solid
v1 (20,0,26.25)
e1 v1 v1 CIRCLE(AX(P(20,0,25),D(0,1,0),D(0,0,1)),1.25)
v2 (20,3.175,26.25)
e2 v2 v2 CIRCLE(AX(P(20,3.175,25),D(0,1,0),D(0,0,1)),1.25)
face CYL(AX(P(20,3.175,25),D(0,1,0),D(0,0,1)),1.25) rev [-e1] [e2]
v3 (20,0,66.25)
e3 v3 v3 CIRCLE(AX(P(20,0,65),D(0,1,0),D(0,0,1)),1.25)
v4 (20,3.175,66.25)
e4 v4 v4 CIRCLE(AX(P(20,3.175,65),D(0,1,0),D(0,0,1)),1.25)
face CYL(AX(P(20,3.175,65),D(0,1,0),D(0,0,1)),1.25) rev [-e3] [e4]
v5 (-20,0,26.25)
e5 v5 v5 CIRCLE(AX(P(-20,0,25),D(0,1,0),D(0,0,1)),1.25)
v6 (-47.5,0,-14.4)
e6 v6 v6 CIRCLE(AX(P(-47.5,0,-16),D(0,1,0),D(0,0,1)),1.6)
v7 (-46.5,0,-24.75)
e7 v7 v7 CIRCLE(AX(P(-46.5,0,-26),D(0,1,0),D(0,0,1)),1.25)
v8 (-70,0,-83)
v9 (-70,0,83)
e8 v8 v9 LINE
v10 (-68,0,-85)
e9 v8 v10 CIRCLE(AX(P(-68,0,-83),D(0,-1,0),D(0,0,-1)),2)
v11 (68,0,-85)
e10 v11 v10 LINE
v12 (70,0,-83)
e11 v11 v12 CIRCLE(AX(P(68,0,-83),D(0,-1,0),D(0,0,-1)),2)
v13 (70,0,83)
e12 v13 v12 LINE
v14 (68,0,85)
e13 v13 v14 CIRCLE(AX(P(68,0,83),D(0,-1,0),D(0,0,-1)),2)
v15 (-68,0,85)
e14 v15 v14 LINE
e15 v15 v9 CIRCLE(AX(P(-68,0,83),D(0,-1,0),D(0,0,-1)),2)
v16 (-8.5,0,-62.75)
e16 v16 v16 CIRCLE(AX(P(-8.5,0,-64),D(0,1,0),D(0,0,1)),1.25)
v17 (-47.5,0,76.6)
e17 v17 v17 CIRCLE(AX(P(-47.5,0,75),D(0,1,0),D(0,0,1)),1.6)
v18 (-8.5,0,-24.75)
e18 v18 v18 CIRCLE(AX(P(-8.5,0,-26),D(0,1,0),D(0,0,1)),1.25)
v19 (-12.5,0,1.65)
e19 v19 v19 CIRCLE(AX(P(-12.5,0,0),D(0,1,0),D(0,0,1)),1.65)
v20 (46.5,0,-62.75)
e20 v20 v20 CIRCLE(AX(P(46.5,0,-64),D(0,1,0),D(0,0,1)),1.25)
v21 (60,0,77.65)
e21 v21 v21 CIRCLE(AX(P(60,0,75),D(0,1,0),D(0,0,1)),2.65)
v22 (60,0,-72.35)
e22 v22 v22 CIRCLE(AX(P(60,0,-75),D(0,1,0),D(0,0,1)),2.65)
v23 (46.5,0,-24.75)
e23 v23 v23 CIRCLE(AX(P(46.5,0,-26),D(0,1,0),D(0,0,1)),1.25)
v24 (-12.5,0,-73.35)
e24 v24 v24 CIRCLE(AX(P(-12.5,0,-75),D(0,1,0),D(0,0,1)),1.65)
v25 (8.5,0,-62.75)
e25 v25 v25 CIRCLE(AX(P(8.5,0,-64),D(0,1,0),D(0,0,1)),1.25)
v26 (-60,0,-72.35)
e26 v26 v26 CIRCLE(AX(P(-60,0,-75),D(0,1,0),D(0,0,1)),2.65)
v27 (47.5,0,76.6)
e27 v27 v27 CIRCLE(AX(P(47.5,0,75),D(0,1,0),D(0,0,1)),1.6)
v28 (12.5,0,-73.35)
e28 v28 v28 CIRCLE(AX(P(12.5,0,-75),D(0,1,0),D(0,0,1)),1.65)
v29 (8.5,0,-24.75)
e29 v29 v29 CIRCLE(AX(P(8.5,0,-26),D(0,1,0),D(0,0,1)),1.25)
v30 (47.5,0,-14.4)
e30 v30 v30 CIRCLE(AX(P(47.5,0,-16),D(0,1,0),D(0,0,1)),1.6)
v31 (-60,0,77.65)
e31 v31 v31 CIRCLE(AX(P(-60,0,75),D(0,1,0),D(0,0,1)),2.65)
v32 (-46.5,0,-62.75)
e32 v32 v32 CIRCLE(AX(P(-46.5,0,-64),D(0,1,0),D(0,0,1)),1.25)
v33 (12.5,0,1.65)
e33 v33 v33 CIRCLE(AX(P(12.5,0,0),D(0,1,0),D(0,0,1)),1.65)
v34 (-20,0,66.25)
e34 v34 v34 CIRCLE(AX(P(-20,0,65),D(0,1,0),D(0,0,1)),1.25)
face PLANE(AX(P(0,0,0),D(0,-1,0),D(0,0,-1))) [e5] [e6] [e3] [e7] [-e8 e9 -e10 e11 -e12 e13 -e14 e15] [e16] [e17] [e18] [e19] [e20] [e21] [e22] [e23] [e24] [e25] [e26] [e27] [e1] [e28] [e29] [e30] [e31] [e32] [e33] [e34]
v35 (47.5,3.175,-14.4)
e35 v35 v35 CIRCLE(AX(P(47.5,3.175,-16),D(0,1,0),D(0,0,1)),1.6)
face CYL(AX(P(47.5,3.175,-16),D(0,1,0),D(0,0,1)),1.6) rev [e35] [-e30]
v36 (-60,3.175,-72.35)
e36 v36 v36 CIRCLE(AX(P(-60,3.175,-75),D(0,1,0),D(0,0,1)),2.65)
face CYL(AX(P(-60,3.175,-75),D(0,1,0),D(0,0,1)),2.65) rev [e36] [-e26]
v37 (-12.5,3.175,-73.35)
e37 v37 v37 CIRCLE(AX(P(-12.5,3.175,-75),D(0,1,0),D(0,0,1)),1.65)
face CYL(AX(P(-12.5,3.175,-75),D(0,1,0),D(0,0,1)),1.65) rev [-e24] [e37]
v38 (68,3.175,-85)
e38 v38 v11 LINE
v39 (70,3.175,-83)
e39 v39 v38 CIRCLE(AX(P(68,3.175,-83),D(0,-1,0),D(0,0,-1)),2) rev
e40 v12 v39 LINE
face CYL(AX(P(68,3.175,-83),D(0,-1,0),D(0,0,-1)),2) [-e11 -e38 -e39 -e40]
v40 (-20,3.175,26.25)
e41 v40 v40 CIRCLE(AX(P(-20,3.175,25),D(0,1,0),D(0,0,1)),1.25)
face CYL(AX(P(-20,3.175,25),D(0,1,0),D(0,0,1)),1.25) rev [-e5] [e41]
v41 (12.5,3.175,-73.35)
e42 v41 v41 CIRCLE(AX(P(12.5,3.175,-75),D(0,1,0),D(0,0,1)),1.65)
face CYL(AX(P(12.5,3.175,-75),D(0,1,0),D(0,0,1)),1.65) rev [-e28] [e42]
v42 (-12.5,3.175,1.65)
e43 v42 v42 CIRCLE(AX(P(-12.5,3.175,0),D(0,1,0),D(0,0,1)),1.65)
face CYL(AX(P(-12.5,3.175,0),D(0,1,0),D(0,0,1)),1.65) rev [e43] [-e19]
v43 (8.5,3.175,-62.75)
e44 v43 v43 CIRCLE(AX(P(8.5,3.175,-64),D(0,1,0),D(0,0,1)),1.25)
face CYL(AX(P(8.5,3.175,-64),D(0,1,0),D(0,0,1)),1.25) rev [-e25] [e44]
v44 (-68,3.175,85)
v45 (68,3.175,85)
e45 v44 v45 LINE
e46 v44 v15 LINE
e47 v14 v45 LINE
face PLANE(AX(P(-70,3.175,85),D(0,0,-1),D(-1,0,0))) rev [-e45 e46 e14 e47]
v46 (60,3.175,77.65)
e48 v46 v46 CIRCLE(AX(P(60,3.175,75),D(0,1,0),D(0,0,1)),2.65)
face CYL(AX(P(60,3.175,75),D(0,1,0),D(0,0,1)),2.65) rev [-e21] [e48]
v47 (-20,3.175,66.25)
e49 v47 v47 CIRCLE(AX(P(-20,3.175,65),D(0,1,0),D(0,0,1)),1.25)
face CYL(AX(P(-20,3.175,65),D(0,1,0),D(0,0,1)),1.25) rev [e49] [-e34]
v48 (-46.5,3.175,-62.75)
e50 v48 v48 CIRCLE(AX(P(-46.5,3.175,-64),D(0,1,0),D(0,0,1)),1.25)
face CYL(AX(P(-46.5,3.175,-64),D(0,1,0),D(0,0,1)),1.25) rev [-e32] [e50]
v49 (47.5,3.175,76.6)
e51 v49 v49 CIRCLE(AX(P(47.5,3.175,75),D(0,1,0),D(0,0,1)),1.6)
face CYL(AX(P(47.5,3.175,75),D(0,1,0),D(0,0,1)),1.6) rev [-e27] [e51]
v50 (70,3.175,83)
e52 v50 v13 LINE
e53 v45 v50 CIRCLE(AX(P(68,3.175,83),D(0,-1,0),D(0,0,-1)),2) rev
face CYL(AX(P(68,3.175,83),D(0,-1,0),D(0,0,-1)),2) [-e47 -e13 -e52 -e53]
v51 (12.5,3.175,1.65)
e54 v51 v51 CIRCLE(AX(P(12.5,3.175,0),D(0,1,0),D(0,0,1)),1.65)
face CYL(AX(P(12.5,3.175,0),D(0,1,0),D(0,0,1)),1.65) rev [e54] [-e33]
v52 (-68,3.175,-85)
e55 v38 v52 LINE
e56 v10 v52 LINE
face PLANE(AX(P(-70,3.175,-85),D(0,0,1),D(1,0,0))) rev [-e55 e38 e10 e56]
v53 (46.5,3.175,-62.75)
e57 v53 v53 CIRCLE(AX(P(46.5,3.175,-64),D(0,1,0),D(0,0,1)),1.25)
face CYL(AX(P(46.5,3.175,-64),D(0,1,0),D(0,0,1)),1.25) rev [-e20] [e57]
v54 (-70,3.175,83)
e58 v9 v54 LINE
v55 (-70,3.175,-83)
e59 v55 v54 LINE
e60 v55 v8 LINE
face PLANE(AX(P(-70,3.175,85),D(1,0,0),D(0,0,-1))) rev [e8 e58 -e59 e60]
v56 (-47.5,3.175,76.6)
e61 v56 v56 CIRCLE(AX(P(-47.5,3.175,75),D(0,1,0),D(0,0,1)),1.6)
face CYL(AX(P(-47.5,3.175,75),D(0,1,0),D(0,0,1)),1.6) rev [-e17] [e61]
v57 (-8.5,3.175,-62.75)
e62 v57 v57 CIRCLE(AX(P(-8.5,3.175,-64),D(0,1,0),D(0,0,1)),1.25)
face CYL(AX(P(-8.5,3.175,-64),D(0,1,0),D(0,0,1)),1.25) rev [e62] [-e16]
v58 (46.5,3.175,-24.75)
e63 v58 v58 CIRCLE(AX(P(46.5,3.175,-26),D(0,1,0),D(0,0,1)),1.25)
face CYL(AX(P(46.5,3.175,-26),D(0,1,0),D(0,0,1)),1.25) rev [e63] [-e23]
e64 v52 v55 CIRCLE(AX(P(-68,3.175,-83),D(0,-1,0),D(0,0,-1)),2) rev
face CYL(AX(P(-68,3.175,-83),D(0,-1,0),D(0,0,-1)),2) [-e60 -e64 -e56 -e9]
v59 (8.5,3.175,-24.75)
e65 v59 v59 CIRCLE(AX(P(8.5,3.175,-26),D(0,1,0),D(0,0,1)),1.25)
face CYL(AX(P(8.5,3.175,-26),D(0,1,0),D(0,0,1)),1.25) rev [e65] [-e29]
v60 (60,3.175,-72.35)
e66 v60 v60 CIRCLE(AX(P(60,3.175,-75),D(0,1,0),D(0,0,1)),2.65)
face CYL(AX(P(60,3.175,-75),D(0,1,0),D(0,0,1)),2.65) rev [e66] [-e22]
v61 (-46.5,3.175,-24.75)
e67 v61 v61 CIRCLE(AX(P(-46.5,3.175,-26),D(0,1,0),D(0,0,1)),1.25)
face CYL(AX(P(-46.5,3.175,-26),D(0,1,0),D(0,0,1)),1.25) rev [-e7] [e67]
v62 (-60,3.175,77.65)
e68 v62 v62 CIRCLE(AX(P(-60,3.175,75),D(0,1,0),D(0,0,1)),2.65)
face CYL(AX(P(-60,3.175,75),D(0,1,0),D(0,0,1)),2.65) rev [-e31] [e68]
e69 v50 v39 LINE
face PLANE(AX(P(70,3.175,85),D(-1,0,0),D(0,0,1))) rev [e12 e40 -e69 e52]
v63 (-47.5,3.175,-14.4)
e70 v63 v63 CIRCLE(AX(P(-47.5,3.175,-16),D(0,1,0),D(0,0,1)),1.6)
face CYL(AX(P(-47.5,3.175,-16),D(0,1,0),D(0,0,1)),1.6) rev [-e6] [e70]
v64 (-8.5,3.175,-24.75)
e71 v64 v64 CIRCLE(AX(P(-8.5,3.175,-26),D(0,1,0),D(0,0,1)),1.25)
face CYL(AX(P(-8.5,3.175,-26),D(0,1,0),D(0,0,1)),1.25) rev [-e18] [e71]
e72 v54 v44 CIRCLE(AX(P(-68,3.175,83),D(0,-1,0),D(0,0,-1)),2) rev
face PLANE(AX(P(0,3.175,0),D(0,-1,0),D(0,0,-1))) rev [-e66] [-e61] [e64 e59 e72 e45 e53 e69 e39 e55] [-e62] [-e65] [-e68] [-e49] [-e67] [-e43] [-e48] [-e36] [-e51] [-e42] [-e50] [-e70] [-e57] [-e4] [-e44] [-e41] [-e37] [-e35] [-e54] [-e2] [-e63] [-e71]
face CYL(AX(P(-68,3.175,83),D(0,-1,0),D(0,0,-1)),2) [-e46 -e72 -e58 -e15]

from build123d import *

# Parameters (mm, degrees)
SKETCH1_W             = 140
SKETCH1_H             = 170
BOSS_EXTRUDE1_DEPTH   = 3.175
M3X0_5_TAPPED_HOLE1_D = 2.5
M3_CLEARANCE_HOLE1_D  = 3.2
M4X0_7_TAPPED_HOLE2_D = 3.3
M5_CLEARANCE_HOLE2_D  = 5.3
FILLET1_R             = 2


with BuildPart() as part:
    # Sketch1 → Boss-Extrude1 (new body)
    with BuildSketch(Plane(origin=(0, 0, 0), x_dir=(1, 0, 0), z_dir=(0, 1, 0))):
        Rectangle(SKETCH1_W, SKETCH1_H)
    extrude(amount=BOSS_EXTRUDE1_DEPTH)

    # M3x0.5 Tapped Hole1 (through all)
    with Locations(Plane(origin=(0, 3.175, 0), x_dir=(1, 0, 0), z_dir=(0, 1, 0))):
        with Locations((-46.5, 64), (-46.5, 26), (-8.5, 26), (-8.5, 64), (8.5, 64), (46.5, 64), (8.5, 26), (46.5, 26), (-20, -25), (20, -25), (-20, -65), (20, -65)):
            Hole(M3X0_5_TAPPED_HOLE1_D / 2)

    # M3 Clearance Hole1 (through all)
    with Locations(Plane(origin=(0, 3.175, 0), x_dir=(1, 0, 0), z_dir=(0, 1, 0))):
        with Locations((-47.5, 16), (47.5, 16), (47.5, -75), (-47.5, -75)):
            Hole(M3_CLEARANCE_HOLE1_D / 2)

    # M4x0.7 Tapped Hole2 (through all)
    with Locations(Plane(origin=(0, 3.175, 0), x_dir=(1, 0, 0), z_dir=(0, 1, 0))):
        with Locations((-12.5, 75), (12.5, 75), (-12.5, 0), (12.5, 0)):
            Hole(M4X0_7_TAPPED_HOLE2_D / 2)

    # M5 Clearance Hole2 (through all)
    with Locations(Plane(origin=(0, 3.175, 0), x_dir=(1, 0, 0), z_dir=(0, 1, 0))):
        with Locations((-60, 75), (60, 75), (-60, -75), (60, -75)):
            Hole(M5_CLEARANCE_HOLE2_D / 2)

    # Fillet1
    fillet1_edges = [part.edges().sort_by_distance(p)[0] for p in [
        (70, 1.5875, 85),
        (-70, 1.5875, 85),
        (-70, 1.5875, -85),
        (70, 1.5875, -85),
    ]]
    fillet(fillet1_edges, radius=FILLET1_R)


solid = part.part
